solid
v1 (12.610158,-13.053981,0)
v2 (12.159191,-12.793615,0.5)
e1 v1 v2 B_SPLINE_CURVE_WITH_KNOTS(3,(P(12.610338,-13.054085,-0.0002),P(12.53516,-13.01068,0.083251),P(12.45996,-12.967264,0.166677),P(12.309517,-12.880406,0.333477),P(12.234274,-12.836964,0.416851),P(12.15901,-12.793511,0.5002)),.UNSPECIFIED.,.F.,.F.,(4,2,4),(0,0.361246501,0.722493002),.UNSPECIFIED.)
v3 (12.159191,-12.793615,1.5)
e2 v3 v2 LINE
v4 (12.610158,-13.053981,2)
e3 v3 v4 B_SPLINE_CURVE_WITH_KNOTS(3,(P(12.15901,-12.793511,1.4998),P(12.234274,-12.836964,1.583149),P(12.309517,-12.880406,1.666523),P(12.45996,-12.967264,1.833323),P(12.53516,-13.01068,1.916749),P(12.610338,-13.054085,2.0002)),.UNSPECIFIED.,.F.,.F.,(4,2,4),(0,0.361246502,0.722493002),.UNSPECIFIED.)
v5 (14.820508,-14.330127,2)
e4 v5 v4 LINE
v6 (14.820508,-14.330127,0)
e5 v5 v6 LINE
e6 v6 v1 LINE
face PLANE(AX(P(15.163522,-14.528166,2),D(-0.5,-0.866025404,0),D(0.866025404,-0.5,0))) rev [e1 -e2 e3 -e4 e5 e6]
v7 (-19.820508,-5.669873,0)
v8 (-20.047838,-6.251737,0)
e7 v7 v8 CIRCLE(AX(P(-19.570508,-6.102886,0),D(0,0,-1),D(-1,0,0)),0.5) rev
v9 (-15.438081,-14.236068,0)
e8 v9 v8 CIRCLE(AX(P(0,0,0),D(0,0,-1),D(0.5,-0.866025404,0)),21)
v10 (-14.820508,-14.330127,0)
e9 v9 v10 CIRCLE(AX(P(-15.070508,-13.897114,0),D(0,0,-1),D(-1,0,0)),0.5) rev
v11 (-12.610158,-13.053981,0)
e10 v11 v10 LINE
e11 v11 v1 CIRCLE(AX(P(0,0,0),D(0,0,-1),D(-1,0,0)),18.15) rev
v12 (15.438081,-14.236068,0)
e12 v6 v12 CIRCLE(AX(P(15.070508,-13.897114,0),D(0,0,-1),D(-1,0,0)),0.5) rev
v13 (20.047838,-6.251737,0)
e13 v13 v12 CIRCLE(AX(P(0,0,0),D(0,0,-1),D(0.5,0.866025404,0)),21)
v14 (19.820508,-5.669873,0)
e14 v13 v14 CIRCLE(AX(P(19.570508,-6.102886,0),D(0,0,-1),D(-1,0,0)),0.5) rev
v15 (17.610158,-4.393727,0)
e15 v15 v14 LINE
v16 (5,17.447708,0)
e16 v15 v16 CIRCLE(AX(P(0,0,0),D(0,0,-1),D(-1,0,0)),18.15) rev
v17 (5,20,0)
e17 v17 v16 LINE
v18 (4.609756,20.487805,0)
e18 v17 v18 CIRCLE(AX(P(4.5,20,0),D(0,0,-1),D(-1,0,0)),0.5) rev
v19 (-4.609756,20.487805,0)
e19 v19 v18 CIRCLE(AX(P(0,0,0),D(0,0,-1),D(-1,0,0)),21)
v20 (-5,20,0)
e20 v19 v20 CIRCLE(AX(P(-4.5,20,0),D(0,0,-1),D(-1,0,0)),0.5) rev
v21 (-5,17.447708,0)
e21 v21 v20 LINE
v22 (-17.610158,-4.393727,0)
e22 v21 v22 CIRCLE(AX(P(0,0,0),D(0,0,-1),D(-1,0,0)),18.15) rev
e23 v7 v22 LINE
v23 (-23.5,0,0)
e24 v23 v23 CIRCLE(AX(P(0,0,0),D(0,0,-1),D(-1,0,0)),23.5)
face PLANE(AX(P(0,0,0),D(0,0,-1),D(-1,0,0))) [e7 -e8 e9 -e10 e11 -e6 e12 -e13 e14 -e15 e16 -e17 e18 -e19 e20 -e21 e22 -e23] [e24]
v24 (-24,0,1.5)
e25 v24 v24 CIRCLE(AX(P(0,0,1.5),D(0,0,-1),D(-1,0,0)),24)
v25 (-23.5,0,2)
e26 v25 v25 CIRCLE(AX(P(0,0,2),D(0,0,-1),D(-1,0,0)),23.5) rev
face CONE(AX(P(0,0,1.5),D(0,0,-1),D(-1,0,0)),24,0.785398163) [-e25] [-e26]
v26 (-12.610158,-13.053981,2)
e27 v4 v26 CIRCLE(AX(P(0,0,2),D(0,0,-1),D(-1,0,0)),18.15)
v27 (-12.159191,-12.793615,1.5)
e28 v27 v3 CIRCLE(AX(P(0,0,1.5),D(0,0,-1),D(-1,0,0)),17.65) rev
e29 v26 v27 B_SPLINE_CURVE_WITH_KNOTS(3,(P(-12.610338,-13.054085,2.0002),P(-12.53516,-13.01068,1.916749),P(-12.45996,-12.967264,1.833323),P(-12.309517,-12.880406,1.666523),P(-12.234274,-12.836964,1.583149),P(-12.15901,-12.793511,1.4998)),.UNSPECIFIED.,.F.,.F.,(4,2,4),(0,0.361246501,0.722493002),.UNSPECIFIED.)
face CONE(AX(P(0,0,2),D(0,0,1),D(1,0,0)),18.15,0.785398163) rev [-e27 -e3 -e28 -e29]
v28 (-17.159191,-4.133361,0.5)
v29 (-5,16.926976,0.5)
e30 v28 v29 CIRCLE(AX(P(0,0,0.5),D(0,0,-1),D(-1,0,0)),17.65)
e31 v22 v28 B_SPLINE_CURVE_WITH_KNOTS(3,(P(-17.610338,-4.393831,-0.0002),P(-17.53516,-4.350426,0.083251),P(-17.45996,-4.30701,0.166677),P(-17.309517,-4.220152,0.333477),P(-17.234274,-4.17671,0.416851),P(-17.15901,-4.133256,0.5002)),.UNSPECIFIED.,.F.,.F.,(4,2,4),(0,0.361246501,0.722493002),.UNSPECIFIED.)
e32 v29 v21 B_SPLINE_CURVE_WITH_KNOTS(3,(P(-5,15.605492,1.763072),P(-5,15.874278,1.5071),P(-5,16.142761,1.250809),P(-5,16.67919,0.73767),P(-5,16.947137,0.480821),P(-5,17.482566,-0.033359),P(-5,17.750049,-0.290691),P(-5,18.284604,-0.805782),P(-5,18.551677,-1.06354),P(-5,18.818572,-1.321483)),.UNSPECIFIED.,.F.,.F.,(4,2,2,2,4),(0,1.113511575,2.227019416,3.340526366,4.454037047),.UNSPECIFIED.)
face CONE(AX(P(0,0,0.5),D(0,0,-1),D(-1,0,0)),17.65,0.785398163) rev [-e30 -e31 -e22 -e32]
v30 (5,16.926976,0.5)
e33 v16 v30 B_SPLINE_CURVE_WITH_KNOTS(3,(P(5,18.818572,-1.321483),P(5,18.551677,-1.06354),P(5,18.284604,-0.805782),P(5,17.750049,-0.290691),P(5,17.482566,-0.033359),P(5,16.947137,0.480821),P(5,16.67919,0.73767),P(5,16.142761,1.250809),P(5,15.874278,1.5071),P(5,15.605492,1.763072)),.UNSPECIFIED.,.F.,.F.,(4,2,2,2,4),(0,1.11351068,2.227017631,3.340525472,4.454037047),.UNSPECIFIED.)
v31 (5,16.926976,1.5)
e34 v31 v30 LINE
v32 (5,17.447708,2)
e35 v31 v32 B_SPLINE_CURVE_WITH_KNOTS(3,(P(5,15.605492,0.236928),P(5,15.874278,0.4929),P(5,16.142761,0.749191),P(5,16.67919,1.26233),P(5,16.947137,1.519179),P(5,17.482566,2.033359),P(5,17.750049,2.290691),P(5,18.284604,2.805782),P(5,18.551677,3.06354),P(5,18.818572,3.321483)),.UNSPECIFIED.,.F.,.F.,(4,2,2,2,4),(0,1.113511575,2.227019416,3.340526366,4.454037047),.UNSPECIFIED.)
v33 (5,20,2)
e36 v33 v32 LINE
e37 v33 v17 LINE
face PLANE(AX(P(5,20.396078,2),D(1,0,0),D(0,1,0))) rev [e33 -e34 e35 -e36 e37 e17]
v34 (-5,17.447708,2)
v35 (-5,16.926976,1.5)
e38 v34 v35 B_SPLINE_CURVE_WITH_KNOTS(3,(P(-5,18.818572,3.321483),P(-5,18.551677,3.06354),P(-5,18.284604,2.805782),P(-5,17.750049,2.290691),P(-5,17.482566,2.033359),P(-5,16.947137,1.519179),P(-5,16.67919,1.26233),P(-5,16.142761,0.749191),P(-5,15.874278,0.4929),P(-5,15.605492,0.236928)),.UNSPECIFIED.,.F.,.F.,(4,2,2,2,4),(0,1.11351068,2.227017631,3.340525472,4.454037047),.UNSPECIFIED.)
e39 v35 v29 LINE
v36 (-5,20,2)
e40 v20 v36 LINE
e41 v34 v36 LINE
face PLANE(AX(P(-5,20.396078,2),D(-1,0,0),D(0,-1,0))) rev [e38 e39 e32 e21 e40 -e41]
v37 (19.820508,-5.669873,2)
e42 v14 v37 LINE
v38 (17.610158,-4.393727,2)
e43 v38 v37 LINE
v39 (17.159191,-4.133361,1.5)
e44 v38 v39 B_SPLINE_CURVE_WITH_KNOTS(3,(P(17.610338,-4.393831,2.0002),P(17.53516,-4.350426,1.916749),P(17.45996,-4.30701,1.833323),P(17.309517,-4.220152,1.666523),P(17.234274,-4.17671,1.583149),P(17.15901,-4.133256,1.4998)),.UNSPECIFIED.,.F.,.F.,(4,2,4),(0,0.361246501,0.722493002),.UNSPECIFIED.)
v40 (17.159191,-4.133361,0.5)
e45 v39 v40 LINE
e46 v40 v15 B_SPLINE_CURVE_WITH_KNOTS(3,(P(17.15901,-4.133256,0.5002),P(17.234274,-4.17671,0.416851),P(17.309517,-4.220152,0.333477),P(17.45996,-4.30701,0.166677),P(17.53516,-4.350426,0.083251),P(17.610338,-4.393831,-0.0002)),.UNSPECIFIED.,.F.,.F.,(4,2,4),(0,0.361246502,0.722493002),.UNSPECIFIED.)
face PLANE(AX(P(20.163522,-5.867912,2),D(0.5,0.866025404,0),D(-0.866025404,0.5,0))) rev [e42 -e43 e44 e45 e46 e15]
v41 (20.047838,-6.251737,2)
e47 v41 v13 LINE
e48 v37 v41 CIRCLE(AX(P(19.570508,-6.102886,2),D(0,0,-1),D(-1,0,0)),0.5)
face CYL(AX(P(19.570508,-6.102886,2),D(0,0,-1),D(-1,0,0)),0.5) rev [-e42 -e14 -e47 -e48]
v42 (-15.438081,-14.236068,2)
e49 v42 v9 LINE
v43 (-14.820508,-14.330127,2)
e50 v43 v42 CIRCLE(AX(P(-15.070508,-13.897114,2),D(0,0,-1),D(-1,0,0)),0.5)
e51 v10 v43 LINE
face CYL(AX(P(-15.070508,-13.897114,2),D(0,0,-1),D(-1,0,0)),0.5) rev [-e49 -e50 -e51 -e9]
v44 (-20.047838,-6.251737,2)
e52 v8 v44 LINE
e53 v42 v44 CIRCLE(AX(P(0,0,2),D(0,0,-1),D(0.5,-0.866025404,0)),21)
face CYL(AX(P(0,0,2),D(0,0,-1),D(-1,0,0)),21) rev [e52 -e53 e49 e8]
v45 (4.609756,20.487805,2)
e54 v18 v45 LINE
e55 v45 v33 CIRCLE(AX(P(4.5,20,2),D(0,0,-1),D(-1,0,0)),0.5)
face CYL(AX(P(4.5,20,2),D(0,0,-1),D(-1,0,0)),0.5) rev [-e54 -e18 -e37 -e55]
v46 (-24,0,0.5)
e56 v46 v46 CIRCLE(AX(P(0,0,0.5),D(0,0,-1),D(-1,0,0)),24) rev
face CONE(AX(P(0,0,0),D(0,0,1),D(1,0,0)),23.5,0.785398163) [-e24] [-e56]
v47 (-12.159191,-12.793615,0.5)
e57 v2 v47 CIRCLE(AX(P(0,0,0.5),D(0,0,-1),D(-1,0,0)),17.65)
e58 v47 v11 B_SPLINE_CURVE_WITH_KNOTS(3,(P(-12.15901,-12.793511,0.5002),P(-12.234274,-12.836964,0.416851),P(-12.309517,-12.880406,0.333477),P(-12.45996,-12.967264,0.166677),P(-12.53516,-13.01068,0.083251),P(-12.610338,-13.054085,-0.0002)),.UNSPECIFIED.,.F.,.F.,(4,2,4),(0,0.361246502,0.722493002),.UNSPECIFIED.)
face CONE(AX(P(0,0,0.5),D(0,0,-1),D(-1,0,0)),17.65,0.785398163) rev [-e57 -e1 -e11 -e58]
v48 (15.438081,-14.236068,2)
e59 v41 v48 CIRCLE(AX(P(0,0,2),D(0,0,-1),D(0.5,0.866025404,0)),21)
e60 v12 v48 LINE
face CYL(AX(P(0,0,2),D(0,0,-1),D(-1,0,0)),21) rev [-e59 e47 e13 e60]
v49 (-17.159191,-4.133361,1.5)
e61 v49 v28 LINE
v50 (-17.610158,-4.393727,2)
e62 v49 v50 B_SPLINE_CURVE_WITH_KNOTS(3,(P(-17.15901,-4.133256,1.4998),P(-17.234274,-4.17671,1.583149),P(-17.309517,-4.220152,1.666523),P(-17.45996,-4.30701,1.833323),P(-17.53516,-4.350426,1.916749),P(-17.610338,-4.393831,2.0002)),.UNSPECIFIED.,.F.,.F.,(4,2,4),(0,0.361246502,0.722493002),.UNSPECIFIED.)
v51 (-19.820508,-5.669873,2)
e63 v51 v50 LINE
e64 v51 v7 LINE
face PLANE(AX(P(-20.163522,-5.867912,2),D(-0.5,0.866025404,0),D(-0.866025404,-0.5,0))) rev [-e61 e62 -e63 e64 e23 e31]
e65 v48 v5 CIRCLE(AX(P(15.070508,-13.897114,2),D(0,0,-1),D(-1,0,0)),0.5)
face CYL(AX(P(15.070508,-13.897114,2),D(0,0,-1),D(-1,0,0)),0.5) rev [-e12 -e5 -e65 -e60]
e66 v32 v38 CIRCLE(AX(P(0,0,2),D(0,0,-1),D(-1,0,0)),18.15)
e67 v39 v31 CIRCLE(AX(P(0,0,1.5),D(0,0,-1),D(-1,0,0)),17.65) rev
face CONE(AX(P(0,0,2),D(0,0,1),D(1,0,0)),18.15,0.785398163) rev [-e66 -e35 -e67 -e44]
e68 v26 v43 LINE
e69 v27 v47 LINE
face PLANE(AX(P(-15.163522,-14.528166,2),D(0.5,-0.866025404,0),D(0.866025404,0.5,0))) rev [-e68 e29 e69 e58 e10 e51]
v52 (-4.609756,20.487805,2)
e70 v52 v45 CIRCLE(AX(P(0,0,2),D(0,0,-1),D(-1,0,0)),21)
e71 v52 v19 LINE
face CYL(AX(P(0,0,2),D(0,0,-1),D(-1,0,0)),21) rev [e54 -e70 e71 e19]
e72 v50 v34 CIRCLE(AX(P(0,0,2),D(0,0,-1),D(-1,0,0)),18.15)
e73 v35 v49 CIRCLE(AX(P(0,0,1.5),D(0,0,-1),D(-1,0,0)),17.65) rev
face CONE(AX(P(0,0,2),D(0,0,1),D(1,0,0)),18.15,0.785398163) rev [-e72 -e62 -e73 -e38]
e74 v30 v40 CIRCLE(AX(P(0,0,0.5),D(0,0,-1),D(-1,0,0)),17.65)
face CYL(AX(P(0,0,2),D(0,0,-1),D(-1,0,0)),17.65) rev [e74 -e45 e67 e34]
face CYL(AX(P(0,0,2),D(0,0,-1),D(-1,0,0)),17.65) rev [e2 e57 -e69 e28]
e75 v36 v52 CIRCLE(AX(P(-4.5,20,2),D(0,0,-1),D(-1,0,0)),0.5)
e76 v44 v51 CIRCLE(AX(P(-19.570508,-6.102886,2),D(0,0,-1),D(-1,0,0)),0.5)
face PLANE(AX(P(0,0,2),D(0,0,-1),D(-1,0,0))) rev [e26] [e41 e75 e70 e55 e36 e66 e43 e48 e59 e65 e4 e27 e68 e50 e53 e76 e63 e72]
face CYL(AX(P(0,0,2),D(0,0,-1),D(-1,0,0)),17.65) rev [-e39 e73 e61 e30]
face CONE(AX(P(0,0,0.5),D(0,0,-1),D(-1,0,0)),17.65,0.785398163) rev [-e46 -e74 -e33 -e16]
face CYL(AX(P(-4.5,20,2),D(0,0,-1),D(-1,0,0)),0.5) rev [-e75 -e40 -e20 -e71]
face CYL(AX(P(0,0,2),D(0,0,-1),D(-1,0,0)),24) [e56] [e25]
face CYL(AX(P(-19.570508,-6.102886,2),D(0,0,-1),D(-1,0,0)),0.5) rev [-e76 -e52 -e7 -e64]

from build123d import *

# Parameters (mm, degrees)
SKETCH23_R               = 24
SKETCH23_R_2             = 17.5
BOSS_EXTRUDE3_DEPTH      = 2
MOVE_FACE1_BY            = 0.15
CHAMFER2_SIZE            = 0.5
CUT_EXTRUDE3_DEPTH       = 2
FILLET1_R                = 0.5
CIRPATTERN1_COUNT        = 3
FILLET1_OF_CIRPATTERN1_R = 0.5


with BuildPart() as part:
    # Sketch23 → Boss-Extrude3 (new body)
    with BuildSketch(Plane(origin=(0, 0, 0), x_dir=(-1, 0, 0), z_dir=(0, 0, -1))):
        Circle(SKETCH23_R)
        Circle(SKETCH23_R_2, mode=Mode.SUBTRACT)
    extrude(amount=-BOSS_EXTRUDE3_DEPTH)

    # Move Face1: a curved face moved inward by 0.15
    add(Solid.thicken(part.faces().sort_by_distance((17.5, 0, 1))[0], -MOVE_FACE1_BY), mode=Mode.SUBTRACT)

    # Chamfer2
    chamfer2_edges = [part.edges().sort_by_distance(p)[0] for p in [
        (24, 0, 0),
        (24, 0, 2),
        (17.65, 0, 2),
        (17.65, 0, 0),
    ]]
    chamfer(chamfer2_edges, length=CHAMFER2_SIZE)

    # Sketch24 → Cut-Extrude3 (cut)
    with BuildSketch(Plane(origin=(0, 0, 0), x_dir=(-1, 0, 0), z_dir=(0, 0, -1))):
        with BuildLine():
            Line((-5, 20.396078054), (-5, 16.926975512))
            ThreePointArc((-5, 16.926975512), (0, 17.65), (5, 16.926975512))
            Line((5, 16.926975512), (5, 20.396078054))
            ThreePointArc((5, 20.396078054), (0, 21), (-5, 20.396078054))
        make_face()
    cut_extrude3 = extrude(amount=-CUT_EXTRUDE3_DEPTH, mode=Mode.SUBTRACT)

    # Fillet1
    fillet1_edges = [part.edges().sort_by_distance(p)[0] for p in [
        (5, 20.396078054, 1),
        (-5, 20.396078054, 1),
    ]]
    fillet(fillet1_edges, radius=FILLET1_R)

    # CirPattern1: Cut-Extrude3 ×3 about axis
    cirpattern1_axis = Axis((0, 0, 0), (0, 0, 1))
    for i in range(1, CIRPATTERN1_COUNT):
        add(cut_extrude3.rotate(cirpattern1_axis, i * 360 / CIRPATTERN1_COUNT), mode=Mode.SUBTRACT)

    # Fillet1 of CirPattern1
    fillet1_of_cirpattern1_edges = [part.edges().sort_by_distance(p)[0] for p in [
        (-20.163521733, -5.867912008, 1),
        (-15.163521733, -14.528166046, 1),
        (15.163521733, -14.528166046, 1),
        (20.163521733, -5.867912008, 1),
    ]]
    fillet(fillet1_of_cirpattern1_edges, radius=FILLET1_OF_CIRPATTERN1_R)


solid = part.part
